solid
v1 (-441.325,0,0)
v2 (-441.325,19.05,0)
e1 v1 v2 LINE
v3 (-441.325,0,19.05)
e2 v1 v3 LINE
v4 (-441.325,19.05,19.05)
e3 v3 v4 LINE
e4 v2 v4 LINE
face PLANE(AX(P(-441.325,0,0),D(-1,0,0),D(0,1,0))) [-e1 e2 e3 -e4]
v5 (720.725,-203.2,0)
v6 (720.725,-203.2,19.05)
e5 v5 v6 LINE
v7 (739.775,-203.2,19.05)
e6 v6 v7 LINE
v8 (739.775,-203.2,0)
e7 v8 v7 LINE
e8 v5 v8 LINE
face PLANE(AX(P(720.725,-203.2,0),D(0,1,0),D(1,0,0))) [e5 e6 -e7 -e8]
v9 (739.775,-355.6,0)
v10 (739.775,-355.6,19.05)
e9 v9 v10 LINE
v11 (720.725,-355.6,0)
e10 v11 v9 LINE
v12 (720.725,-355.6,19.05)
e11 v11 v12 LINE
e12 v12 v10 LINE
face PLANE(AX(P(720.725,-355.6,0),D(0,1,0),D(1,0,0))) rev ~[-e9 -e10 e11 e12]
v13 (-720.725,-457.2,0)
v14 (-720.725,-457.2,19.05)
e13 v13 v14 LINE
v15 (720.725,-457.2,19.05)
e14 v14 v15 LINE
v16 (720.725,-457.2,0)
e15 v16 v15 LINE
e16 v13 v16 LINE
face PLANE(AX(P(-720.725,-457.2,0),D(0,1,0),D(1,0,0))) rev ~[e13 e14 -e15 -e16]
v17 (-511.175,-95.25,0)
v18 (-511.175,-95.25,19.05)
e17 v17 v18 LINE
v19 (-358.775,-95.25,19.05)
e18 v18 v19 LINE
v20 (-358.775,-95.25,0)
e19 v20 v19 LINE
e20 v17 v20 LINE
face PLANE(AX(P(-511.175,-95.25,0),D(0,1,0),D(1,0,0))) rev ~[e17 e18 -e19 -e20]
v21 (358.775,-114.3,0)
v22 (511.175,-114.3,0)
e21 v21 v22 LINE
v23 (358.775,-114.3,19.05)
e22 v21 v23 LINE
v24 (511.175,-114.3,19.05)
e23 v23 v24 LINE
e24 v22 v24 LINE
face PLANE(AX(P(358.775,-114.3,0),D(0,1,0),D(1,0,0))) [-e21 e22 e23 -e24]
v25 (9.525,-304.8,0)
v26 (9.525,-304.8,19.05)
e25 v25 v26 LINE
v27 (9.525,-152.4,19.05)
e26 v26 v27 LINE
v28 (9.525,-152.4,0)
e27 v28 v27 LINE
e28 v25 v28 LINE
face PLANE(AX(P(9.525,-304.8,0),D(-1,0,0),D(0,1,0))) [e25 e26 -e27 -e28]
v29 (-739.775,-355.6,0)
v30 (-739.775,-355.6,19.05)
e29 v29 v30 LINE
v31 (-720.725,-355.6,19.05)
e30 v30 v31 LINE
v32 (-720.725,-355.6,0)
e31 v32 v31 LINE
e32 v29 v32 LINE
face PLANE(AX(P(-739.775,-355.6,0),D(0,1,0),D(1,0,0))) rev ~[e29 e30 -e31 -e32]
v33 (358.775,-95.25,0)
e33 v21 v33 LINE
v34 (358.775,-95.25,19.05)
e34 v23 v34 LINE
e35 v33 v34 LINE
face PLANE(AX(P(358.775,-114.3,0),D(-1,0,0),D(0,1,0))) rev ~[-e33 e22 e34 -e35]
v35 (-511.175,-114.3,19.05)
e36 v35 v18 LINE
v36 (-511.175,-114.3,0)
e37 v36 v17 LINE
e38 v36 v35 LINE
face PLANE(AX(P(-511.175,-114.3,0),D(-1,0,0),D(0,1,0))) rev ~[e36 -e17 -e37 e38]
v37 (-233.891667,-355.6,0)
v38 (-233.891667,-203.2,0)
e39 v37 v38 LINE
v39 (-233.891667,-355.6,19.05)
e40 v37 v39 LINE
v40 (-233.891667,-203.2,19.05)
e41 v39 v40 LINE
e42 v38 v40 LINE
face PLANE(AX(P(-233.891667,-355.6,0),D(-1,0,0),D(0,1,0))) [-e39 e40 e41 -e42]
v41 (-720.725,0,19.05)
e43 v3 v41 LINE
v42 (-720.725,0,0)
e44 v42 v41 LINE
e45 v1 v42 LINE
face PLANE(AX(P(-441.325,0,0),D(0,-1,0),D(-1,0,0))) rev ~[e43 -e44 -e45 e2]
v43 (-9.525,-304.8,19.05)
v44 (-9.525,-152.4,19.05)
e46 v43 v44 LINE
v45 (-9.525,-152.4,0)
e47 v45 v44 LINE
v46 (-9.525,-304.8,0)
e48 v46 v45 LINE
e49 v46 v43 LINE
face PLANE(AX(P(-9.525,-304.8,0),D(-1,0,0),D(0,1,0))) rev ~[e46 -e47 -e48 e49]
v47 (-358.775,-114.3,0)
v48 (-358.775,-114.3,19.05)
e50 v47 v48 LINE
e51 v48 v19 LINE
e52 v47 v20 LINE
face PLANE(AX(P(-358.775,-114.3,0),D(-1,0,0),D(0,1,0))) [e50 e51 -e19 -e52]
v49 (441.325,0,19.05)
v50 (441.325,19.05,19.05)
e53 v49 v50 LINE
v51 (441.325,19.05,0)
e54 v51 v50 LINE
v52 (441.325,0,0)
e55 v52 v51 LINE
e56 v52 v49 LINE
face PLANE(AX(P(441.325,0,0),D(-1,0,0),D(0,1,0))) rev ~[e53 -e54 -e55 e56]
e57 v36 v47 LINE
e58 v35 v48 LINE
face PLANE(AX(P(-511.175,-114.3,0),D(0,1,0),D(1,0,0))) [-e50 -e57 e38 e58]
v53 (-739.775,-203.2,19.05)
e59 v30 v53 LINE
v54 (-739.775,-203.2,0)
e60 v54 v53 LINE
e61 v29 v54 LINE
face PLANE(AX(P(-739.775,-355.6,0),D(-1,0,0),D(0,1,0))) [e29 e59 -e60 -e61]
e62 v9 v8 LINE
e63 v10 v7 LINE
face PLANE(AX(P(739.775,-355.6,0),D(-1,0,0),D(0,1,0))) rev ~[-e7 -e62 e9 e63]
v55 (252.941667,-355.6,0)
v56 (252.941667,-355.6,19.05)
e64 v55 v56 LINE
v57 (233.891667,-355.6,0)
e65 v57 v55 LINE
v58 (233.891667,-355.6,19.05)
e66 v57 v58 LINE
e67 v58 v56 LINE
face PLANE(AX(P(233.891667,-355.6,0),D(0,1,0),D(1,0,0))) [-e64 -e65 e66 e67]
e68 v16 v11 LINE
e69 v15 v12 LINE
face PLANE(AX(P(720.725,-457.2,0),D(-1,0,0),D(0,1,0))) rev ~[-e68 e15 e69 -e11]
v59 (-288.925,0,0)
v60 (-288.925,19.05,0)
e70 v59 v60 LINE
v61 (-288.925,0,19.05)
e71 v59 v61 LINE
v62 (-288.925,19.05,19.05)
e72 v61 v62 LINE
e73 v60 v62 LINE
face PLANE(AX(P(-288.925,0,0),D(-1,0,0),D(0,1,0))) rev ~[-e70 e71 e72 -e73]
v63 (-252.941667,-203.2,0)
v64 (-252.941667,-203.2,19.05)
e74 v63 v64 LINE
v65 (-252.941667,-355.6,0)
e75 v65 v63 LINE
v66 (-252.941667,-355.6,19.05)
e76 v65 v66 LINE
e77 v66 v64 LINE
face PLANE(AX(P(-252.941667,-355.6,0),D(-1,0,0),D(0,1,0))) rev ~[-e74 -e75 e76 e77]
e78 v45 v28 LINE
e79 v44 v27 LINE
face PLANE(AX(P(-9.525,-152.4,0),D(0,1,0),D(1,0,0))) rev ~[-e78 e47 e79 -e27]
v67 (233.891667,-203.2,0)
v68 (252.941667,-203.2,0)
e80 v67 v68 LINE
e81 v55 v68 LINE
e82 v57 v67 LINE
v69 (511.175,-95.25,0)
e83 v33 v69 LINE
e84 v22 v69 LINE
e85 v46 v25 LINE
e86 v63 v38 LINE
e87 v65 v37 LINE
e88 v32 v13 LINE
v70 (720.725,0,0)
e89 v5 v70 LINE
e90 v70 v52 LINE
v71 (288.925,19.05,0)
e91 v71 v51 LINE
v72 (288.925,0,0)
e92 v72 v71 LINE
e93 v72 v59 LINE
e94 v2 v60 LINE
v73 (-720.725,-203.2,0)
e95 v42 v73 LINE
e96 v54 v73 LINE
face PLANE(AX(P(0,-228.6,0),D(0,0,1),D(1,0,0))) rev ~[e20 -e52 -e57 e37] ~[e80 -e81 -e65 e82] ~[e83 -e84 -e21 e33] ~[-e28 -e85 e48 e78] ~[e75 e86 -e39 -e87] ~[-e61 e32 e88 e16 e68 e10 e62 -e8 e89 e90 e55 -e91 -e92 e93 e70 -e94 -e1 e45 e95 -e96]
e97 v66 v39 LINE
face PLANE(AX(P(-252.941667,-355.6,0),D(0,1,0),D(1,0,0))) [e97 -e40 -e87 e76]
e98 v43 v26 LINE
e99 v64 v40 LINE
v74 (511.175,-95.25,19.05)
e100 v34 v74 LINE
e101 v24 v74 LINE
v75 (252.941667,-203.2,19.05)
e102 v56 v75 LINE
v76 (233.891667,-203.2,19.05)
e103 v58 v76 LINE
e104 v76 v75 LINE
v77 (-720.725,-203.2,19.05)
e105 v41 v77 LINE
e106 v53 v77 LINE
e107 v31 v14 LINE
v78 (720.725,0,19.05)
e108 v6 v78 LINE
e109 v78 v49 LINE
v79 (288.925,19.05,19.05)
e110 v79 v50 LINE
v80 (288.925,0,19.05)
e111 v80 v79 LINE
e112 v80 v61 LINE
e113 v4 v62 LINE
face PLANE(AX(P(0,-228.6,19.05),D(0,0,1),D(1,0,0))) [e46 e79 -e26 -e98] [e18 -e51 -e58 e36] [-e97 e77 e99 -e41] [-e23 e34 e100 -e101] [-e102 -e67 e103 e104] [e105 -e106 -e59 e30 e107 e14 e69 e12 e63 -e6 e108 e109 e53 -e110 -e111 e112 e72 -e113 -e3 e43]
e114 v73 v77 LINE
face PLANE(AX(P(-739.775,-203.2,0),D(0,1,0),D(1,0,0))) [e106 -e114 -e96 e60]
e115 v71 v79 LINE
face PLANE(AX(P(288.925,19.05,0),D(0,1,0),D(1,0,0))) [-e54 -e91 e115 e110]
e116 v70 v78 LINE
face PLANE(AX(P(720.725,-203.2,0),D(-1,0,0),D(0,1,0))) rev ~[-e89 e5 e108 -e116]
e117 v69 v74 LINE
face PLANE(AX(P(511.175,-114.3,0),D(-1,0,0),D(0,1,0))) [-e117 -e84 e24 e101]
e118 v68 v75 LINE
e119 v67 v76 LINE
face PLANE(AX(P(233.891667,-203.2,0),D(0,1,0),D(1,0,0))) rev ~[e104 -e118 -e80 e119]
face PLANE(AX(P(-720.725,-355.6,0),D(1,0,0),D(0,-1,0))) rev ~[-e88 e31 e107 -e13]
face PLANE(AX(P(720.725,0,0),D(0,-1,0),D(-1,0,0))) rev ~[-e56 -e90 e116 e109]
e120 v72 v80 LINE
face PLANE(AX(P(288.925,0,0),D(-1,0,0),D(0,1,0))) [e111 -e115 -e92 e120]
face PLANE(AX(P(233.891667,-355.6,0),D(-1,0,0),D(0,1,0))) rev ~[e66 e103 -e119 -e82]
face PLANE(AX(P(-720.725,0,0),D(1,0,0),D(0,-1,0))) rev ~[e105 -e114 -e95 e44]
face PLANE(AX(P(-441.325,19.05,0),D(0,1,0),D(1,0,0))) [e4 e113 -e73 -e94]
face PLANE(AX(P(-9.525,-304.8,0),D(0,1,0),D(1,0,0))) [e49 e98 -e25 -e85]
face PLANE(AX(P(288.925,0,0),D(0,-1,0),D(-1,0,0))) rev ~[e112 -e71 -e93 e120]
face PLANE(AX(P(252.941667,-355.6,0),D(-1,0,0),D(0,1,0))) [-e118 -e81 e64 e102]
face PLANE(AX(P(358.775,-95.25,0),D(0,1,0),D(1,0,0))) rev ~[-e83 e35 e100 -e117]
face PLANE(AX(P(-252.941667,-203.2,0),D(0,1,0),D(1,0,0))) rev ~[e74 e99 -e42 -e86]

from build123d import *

# Parameters (mm, degrees)
F0_W     = 19.05
F0_H     = 152.4
F0_W_2   = 152.4
F0_H_2   = 19.05
F1_DEPTH = 19.05


with BuildPart() as f1:
    # F0 (on Top) → F1 (new body)
    with BuildSketch(Plane.XY):
        Polygon((-441.325, 0), (-720.725, 0), (-720.725, -203.2), (-720.725, -355.6), (-720.725, -457.2), (720.725, -457.2), (720.725, -355.6), (720.725, -203.2), (720.725, 0), (441.325, 0), (288.925, 0), (-288.925, 0), align=None)
        with Locations((-243.416667, -279.4)):
            Rectangle(F0_W, F0_H, mode=Mode.SUBTRACT)
        with Locations((243.416667, -279.4)):
            Rectangle(F0_W, F0_H, mode=Mode.SUBTRACT)
        with Locations((0, -228.6)):
            Rectangle(F0_W, F0_H, mode=Mode.SUBTRACT)
        with Locations((-434.975, -104.775)):
            Rectangle(F0_W_2, F0_H_2, mode=Mode.SUBTRACT)
        with Locations((434.975, -104.775)):
            Rectangle(F0_W_2, F0_H_2, mode=Mode.SUBTRACT)
        with Locations((-365.125, 9.525)):
            Rectangle(F0_W_2, F0_H_2)
        with Locations((365.125, 9.525)):
            Rectangle(F0_W_2, F0_H_2)
        with Locations((730.25, -279.4)):
            Rectangle(F0_W, F0_H)
        with Locations((-730.25, -279.4)):
            Rectangle(F0_W, F0_H)
    extrude(amount=F1_DEPTH)


solid = f1.part
